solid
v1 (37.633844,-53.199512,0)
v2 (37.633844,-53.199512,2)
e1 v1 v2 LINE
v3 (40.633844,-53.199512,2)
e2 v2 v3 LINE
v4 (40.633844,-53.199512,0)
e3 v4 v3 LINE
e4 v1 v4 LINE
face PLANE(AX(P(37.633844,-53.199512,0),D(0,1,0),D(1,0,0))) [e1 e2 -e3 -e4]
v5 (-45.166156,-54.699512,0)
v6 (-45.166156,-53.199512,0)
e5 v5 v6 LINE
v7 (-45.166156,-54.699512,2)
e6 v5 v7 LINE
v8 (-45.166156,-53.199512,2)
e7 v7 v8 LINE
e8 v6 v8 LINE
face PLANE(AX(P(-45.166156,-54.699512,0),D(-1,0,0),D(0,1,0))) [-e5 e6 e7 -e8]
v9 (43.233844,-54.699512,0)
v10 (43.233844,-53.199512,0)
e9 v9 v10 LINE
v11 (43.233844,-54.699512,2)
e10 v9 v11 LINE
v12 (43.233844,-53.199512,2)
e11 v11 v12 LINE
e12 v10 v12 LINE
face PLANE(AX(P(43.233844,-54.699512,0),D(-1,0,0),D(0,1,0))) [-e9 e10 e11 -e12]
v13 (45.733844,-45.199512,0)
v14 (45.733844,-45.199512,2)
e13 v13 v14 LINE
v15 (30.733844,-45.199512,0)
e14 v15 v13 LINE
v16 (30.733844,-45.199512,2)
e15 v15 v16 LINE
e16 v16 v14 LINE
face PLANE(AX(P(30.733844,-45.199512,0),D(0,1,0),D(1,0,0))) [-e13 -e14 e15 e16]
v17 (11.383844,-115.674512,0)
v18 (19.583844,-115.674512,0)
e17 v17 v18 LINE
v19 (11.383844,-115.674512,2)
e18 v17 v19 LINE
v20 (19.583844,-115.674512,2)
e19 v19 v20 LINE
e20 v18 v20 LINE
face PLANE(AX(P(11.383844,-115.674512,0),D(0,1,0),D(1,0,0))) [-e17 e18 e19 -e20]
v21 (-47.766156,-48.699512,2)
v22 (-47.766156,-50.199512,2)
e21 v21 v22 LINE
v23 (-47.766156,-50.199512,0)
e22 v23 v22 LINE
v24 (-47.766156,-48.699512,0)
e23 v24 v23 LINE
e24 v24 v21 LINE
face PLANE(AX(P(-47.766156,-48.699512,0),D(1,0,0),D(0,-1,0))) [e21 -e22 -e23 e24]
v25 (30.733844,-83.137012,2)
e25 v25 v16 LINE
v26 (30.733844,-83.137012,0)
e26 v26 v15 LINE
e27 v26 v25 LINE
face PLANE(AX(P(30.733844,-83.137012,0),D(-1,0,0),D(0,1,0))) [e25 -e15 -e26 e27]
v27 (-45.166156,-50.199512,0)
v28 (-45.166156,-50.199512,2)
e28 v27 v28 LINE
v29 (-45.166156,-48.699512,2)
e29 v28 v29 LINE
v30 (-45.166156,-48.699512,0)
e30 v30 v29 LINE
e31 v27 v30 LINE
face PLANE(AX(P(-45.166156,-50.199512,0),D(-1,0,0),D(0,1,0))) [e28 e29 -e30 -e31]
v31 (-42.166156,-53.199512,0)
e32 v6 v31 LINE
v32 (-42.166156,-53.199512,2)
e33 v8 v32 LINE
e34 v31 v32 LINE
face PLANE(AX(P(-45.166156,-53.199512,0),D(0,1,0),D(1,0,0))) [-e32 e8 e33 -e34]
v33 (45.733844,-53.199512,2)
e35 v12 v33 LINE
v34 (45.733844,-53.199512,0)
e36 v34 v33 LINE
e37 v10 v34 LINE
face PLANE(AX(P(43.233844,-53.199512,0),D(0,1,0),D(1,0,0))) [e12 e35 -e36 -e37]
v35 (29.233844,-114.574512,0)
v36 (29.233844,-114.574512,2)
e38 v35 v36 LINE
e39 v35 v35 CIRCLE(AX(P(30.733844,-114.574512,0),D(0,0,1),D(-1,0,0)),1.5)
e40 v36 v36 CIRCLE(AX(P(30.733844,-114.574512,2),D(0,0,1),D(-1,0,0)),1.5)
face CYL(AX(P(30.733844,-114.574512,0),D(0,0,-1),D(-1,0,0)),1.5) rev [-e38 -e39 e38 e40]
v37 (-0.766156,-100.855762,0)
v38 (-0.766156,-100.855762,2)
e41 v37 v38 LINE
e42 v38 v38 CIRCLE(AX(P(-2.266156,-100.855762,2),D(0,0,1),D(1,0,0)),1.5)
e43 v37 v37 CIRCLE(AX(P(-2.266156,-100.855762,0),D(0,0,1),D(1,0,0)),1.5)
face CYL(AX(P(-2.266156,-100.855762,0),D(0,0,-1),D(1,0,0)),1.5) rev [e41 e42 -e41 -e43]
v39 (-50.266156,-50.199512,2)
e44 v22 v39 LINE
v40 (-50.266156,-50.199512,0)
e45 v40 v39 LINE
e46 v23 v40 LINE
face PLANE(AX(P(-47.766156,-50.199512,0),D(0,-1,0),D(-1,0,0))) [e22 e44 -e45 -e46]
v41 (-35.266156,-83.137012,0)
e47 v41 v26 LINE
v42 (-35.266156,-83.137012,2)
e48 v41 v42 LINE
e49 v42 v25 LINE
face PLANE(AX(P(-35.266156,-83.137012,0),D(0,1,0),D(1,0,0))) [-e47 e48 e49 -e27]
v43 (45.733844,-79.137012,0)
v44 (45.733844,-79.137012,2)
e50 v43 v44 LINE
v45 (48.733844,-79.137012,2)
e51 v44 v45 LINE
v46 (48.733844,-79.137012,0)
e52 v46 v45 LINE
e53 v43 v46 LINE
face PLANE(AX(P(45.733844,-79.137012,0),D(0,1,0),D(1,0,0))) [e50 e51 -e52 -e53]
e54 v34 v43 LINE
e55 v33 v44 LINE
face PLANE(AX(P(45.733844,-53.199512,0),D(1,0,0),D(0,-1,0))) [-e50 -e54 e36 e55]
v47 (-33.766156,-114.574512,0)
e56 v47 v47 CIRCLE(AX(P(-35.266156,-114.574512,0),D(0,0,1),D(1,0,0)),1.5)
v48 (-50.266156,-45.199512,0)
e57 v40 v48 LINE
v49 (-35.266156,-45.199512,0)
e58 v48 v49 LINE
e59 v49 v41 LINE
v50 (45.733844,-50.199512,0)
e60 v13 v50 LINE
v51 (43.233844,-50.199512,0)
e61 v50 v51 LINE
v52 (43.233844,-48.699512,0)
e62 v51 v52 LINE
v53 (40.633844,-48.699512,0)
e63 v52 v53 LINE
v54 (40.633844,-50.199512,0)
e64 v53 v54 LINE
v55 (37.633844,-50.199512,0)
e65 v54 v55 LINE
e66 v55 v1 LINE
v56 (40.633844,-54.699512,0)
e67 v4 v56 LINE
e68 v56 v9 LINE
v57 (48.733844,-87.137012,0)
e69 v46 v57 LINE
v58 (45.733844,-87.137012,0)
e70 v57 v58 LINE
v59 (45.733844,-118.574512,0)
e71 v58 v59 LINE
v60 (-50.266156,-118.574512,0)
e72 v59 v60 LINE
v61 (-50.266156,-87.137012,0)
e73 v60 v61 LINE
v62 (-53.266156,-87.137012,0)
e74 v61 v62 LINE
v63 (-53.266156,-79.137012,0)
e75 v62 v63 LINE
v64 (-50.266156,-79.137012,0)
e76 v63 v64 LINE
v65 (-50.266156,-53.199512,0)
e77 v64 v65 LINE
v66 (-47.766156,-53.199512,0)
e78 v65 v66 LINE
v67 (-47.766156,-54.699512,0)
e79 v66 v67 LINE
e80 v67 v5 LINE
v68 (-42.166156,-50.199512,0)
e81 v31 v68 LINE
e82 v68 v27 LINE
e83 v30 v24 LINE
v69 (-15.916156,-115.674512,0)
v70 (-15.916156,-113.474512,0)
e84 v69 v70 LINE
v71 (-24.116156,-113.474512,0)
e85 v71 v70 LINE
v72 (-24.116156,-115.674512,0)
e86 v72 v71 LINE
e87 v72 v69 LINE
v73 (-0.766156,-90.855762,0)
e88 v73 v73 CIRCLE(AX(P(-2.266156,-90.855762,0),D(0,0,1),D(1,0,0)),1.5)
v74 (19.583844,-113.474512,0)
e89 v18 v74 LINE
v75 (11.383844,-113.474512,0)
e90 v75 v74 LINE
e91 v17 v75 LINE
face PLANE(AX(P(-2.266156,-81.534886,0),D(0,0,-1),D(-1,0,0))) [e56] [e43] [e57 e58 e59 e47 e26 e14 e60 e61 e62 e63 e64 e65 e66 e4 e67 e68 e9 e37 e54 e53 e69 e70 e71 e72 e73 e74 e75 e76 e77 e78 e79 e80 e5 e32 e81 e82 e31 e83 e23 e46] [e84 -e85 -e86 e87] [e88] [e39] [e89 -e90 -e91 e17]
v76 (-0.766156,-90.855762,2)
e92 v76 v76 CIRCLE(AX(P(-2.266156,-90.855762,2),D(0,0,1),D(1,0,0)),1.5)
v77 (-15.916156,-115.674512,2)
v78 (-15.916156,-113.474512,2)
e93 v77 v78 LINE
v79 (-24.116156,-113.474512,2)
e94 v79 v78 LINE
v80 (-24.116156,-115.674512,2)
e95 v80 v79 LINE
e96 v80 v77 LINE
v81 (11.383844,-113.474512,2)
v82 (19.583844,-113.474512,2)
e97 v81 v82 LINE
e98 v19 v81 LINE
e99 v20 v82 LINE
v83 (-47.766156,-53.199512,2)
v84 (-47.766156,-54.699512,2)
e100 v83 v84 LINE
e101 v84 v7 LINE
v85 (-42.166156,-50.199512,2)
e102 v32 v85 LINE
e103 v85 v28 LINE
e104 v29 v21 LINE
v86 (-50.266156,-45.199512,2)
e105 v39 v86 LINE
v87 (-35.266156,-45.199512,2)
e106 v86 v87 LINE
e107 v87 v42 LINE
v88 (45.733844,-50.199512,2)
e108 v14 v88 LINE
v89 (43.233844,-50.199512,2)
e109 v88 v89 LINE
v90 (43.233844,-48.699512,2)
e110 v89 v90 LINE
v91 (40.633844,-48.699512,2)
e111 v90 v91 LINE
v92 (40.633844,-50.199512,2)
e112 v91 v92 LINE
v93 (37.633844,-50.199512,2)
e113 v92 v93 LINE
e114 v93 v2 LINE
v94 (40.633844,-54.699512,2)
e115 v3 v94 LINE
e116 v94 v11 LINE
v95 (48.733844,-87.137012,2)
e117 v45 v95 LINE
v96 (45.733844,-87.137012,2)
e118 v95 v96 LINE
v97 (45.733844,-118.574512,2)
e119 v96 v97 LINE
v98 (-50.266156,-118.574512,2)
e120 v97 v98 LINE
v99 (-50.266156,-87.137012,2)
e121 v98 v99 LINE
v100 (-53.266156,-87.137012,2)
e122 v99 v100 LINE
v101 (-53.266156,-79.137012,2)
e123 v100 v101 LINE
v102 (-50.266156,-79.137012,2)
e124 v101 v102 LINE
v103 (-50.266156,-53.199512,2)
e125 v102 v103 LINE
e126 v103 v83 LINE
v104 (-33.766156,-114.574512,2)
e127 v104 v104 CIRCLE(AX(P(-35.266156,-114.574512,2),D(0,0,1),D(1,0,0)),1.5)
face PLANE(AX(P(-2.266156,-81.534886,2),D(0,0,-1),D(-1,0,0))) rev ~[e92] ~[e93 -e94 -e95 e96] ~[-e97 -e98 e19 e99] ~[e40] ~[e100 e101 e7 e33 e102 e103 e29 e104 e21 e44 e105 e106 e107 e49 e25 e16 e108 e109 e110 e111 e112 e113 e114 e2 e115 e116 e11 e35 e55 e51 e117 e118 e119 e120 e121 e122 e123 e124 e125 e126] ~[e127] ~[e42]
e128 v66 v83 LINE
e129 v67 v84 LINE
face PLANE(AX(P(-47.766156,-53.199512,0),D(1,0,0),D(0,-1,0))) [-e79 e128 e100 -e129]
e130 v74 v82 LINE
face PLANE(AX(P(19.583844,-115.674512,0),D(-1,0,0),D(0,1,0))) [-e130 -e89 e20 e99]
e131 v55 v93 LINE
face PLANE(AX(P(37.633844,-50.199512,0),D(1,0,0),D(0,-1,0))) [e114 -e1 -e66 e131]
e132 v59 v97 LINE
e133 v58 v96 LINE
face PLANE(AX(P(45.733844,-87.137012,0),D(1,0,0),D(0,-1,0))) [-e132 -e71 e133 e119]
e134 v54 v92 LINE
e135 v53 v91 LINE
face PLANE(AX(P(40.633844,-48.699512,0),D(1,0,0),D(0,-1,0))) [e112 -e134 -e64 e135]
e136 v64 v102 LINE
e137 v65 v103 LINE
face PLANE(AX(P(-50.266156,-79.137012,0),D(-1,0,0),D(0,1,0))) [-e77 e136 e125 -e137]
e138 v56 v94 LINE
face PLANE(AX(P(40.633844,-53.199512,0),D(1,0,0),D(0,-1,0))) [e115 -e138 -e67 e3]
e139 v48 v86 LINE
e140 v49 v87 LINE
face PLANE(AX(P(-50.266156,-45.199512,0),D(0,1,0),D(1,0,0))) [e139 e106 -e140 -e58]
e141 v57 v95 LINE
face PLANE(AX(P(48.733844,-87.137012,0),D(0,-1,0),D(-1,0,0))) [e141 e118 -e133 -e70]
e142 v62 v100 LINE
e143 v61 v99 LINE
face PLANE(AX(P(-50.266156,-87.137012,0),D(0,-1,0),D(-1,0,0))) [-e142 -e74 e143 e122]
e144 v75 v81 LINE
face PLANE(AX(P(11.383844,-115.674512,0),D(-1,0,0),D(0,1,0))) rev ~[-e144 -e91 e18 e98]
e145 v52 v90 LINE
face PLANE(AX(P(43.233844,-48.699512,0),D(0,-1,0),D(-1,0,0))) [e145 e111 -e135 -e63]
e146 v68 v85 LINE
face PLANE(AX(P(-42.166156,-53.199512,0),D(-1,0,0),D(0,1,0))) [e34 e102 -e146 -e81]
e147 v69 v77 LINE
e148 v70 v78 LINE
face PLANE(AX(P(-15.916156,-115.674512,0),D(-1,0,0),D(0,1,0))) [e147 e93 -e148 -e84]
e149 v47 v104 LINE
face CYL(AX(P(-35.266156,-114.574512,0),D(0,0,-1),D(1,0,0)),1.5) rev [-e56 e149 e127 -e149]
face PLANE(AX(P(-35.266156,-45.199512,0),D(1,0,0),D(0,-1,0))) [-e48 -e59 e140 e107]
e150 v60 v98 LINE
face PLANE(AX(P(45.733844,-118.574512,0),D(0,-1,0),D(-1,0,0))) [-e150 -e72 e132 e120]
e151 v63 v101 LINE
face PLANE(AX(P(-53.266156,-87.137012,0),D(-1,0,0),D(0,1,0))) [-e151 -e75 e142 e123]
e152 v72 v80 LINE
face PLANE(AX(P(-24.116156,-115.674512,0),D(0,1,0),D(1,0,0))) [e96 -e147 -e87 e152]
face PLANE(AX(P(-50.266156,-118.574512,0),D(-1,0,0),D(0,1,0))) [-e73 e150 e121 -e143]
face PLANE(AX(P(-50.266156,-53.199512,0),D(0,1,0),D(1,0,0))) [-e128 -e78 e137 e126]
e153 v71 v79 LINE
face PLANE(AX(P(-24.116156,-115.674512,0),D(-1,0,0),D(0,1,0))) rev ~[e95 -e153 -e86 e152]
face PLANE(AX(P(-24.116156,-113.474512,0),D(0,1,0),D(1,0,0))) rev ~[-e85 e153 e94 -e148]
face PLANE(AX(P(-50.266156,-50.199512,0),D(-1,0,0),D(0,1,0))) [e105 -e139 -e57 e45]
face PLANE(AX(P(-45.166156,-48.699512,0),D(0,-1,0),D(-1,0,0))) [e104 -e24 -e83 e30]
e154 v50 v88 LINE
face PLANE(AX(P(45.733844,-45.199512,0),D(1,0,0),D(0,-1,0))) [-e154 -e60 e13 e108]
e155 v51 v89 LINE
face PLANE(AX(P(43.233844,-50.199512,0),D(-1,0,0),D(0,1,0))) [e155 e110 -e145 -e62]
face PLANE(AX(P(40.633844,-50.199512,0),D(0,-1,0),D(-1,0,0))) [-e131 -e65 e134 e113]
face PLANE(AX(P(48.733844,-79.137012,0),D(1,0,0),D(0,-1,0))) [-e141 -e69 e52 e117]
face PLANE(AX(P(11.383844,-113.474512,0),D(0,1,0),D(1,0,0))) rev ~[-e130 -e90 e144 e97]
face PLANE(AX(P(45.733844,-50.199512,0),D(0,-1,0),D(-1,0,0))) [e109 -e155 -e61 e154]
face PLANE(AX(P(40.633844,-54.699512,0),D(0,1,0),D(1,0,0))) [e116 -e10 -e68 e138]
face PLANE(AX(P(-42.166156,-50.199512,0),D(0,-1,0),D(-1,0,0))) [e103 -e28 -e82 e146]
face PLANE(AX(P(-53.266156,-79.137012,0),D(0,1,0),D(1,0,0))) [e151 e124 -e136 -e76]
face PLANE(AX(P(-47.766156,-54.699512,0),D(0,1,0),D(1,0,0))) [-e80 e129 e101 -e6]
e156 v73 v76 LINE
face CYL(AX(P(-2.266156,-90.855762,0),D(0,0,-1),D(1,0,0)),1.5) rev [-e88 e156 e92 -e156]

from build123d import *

# Parameters (mm, degrees)
SKETCH_1_R      = 1.5
SKETCH_1_W      = 8.2
SKETCH_1_H      = 2.2
EXTRUDE_1_DEPTH = 2


with BuildPart() as part:
    # 草图1 → 凸台-拉伸1 (new body)
    with BuildSketch(Plane.XY):
        Polygon((-47.766155614, -53.199512395), (-47.766155614, -54.699512395), (-45.166155614, -54.699512395), (-45.166155614, -53.199512395), (-42.166155614, -53.199512395), (-42.166155614, -50.199512395), (-45.166155614, -50.199512395), (-45.166155614, -48.699512395), (-47.766155614, -48.699512395), (-47.766155614, -50.199512395), (-50.266155614, -50.199512395), (-50.266155614, -45.199512395), (-35.266155614, -45.199512395), (-35.266155614, -83.137012395), (30.733844386, -83.137012395), (30.733844386, -45.199512395), (45.733844386, -45.199512395), (45.733844386, -50.199512395), (43.233844386, -50.199512395), (43.233844386, -48.699512395), (40.633844386, -48.699512395), (40.633844386, -50.199512395), (37.633844386, -50.199512395), (37.633844386, -53.199512395), (40.633844386, -53.199512395), (40.633844386, -54.699512395), (43.233844386, -54.699512395), (43.233844386, -53.199512395), (45.733844386, -53.199512395), (45.733844386, -79.137012395), (48.733844386, -79.137012395), (48.733844386, -87.137012395), (45.733844386, -87.137012395), (45.733844386, -118.574512395), (-50.266155614, -118.574512395), (-50.266155614, -87.137012395), (-53.266155614, -87.137012395), (-53.266155614, -79.137012395), (-50.266155614, -79.137012395), (-50.266155614, -53.199512395), align=None)
        with Locations((-35.266155614, -114.574512395)):
            Circle(SKETCH_1_R, mode=Mode.SUBTRACT)
        with Locations(Location((30.733844386, -114.574512395, 0), (0, 0, 180))):
            Circle(SKETCH_1_R, mode=Mode.SUBTRACT)
        with Locations((-2.266155614, -100.855762395)):
            Circle(SKETCH_1_R, mode=Mode.SUBTRACT)
        with Locations((-2.266155614, -90.855762395)):
            Circle(SKETCH_1_R, mode=Mode.SUBTRACT)
        with Locations((-20.016155614, -114.574512396)):
            Rectangle(SKETCH_1_W, SKETCH_1_H, mode=Mode.SUBTRACT)
        with Locations((15.483844386, -114.574512396)):
            Rectangle(SKETCH_1_W, SKETCH_1_H, mode=Mode.SUBTRACT)
    extrude(amount=EXTRUDE_1_DEPTH)


solid = part.part
